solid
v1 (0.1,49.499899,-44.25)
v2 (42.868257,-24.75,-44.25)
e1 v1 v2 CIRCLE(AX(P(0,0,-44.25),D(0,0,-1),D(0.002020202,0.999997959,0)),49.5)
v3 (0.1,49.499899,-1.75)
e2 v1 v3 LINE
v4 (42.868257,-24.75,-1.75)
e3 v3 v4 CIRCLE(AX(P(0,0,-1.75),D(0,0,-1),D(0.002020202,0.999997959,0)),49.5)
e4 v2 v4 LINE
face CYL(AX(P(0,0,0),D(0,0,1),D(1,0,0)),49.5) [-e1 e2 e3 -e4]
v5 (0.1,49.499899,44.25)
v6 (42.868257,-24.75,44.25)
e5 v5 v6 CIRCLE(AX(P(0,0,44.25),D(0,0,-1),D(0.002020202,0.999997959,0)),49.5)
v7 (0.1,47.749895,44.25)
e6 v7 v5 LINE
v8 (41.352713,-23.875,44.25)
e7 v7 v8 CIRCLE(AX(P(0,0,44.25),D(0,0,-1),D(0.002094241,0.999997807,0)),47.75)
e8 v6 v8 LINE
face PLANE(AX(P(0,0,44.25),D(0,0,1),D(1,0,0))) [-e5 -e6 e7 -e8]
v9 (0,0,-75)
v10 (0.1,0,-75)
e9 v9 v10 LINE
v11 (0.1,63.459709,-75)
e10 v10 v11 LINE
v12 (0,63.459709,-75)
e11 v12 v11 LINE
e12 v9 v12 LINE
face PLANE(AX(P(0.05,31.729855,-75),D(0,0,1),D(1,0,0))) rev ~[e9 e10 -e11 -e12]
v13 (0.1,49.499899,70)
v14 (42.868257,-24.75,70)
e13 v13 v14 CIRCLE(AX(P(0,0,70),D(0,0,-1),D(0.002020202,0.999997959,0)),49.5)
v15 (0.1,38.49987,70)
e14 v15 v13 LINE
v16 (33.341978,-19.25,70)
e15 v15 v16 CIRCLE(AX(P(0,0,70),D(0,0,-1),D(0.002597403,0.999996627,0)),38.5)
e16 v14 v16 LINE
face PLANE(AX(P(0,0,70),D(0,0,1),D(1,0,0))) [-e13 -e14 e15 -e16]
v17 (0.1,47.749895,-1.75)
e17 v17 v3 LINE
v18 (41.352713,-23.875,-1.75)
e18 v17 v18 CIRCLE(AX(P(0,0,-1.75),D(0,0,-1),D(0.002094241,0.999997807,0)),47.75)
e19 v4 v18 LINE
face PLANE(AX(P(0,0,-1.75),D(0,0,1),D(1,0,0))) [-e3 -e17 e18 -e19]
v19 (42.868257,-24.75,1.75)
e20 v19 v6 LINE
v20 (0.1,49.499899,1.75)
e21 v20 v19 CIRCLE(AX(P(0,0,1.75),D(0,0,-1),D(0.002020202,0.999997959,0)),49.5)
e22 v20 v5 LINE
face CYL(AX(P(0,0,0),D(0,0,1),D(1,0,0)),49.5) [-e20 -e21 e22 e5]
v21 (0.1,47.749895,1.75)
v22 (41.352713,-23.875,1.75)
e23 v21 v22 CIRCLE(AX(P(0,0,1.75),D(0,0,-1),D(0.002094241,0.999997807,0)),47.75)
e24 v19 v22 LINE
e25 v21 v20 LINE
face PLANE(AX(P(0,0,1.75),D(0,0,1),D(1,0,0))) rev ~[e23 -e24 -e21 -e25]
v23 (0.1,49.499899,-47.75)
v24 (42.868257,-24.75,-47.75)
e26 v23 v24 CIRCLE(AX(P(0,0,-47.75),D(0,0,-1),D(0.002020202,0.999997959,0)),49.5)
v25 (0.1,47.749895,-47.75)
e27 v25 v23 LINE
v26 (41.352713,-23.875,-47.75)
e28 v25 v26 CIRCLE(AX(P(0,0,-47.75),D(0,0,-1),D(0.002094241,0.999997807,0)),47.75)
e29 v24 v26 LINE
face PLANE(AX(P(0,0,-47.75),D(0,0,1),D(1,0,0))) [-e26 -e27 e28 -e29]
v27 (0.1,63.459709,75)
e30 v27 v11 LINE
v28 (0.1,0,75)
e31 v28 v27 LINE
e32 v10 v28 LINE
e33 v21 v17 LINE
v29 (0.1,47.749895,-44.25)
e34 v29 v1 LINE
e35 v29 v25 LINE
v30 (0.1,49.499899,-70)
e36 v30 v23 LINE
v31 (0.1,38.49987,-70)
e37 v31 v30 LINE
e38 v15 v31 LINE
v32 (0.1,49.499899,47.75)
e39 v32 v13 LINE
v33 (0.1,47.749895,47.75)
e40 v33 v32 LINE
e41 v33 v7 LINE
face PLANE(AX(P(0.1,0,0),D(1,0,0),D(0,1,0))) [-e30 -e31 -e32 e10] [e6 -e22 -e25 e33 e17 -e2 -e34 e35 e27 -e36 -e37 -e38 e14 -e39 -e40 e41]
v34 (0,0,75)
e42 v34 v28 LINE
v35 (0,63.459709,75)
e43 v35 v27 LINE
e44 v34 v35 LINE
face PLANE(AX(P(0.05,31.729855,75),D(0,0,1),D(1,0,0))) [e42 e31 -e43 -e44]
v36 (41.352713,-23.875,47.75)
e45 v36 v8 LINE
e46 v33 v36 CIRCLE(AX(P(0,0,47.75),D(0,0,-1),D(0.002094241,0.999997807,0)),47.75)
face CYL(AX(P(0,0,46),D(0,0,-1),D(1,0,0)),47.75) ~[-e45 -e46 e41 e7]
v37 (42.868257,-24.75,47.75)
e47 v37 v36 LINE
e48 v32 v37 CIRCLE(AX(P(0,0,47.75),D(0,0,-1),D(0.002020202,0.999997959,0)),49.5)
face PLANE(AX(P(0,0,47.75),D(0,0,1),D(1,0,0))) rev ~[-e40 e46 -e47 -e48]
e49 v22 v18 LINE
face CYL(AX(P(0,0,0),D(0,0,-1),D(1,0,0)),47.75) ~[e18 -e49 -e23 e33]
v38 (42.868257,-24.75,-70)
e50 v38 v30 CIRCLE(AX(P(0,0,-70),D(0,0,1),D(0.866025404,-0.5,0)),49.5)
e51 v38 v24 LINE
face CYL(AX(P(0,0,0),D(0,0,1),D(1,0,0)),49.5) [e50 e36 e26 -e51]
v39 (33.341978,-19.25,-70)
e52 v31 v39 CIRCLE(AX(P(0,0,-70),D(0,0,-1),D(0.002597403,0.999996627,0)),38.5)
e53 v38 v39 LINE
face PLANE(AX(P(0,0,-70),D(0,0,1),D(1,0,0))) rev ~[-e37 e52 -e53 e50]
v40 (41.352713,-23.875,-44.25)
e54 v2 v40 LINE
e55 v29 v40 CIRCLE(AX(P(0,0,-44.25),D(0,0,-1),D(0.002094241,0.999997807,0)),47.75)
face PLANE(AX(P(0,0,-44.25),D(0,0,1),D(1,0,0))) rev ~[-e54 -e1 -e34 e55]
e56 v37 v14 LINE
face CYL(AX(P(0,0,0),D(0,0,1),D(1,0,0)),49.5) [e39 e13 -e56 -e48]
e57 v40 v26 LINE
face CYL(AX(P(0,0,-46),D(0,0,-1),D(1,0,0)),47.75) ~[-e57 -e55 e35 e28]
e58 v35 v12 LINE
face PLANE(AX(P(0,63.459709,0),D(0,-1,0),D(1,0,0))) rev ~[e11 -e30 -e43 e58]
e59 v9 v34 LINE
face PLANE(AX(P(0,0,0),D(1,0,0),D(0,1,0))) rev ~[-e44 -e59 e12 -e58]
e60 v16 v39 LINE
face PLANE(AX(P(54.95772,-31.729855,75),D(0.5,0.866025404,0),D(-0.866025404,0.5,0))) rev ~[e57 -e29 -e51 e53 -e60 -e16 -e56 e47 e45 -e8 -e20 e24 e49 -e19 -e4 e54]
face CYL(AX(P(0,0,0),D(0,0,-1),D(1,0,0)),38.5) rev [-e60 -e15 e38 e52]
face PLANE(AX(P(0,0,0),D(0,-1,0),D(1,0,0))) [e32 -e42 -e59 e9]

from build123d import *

# Parameters (mm, degrees)
F0_R       = 49.5
F0_R_2     = 38.5
F1_DEPTH   = 70
F2_R       = 54.3323959341
F2_R_2     = 47.75
F3_DEPTH   = 1.75
F6_R       = 54.3323959341
F6_R_2     = 47.75
F8_DEPTH   = 1.75
F7_R       = 54.3323959341
F7_R_2     = 47.75
F9_DEPTH   = 1.75
F10_W      = 0.1
F10_H      = 63.4597092867
F12_DEPTH  = 75
F12_FACE_W = 63.4597092867
F12_FACE_H = 150
F13_ANGLE  = 240
F14_DEPTH  = 150


with BuildPart() as f1:
    # F0 (on Top) → F1 (new body, symmetric)
    with BuildSketch(Plane.XY):
        Circle(F0_R)
        Circle(F0_R_2, mode=Mode.SUBTRACT)
    extrude(amount=F1_DEPTH, both=True)

    # F2 (on Top) → F3 (cut, symmetric)
    with BuildSketch(Plane.XY):
        Circle(F2_R)
        Circle(F2_R_2, mode=Mode.SUBTRACT)
    extrude(amount=F3_DEPTH, both=True, mode=Mode.SUBTRACT)

    # F6 (on offset) → F8 (cut, symmetric)
    with BuildSketch(Plane.XY.offset(46)):
        Circle(F6_R)
        Circle(F6_R_2, mode=Mode.SUBTRACT)
    extrude(amount=F8_DEPTH, both=True, mode=Mode.SUBTRACT)

    # F7 (on offset) → F9 (cut, symmetric)
    with BuildSketch(Plane.XY.offset(-46)):
        Circle(F7_R)
        Circle(F7_R_2, mode=Mode.SUBTRACT)
    extrude(amount=F9_DEPTH, both=True, mode=Mode.SUBTRACT)

    # F10 (on Top) → F12 (join, symmetric)
    with BuildSketch(Plane.XY):
        with Locations((0.05, 31.7298546433)):
            Rectangle(F10_W, F10_H)
    extrude(amount=F12_DEPTH, both=True)


with BuildPart() as f13:
    # F12_face (on face) → F13 (revolve)
    with BuildSketch(Plane(origin=(0, 29.4058824781, 0), x_dir=(0, -1, 0), z_dir=(-1, 0, 0))):
        with Locations((-2.3239721652, 0)):
            Rectangle(F12_FACE_W, F12_FACE_H)
        Polygon((-9.0941175219, -70), (-20.0941175219, -70), (-20.0941175219, -47.75), (-18.3441175219, -47.75), (-18.3441175219, -44.25), (-20.0941175219, -44.25), (-20.0941175219, -1.75), (-18.3441175219, -1.75), (-18.3441175219, 1.75), (-20.0941175219, 1.75), (-20.0941175219, 44.25), (-18.3441175219, 44.25), (-18.3441175219, 47.75), (-20.0941175219, 47.75), (-20.0941175219, 70), (-9.0941175219, 70), align=None, mode=Mode.SUBTRACT)
    revolve(axis=Axis((0, 0, -0.0270418823), (0, 0, 1)), revolution_arc=F13_ANGLE)


with BuildPart() as f14_tool:
    # F14 (cut): a face of the model
    f14_faces = [f13.part.faces().sort_by_distance(p)[0] for p in [
        (-15.1498896302, -8.7467928562, 75),
    ]]
    extrude(f14_faces, amount=-F14_DEPTH)


with BuildPart() as f1_1:
    add(f1.part)

    # F14: cut by f14_tool
    add(f14_tool.part, mode=Mode.SUBTRACT)


with BuildPart() as f13_1:
    add(f13.part)

    # F14: cut by f14_tool
    add(f14_tool.part, mode=Mode.SUBTRACT)


solid = f1_1.part
